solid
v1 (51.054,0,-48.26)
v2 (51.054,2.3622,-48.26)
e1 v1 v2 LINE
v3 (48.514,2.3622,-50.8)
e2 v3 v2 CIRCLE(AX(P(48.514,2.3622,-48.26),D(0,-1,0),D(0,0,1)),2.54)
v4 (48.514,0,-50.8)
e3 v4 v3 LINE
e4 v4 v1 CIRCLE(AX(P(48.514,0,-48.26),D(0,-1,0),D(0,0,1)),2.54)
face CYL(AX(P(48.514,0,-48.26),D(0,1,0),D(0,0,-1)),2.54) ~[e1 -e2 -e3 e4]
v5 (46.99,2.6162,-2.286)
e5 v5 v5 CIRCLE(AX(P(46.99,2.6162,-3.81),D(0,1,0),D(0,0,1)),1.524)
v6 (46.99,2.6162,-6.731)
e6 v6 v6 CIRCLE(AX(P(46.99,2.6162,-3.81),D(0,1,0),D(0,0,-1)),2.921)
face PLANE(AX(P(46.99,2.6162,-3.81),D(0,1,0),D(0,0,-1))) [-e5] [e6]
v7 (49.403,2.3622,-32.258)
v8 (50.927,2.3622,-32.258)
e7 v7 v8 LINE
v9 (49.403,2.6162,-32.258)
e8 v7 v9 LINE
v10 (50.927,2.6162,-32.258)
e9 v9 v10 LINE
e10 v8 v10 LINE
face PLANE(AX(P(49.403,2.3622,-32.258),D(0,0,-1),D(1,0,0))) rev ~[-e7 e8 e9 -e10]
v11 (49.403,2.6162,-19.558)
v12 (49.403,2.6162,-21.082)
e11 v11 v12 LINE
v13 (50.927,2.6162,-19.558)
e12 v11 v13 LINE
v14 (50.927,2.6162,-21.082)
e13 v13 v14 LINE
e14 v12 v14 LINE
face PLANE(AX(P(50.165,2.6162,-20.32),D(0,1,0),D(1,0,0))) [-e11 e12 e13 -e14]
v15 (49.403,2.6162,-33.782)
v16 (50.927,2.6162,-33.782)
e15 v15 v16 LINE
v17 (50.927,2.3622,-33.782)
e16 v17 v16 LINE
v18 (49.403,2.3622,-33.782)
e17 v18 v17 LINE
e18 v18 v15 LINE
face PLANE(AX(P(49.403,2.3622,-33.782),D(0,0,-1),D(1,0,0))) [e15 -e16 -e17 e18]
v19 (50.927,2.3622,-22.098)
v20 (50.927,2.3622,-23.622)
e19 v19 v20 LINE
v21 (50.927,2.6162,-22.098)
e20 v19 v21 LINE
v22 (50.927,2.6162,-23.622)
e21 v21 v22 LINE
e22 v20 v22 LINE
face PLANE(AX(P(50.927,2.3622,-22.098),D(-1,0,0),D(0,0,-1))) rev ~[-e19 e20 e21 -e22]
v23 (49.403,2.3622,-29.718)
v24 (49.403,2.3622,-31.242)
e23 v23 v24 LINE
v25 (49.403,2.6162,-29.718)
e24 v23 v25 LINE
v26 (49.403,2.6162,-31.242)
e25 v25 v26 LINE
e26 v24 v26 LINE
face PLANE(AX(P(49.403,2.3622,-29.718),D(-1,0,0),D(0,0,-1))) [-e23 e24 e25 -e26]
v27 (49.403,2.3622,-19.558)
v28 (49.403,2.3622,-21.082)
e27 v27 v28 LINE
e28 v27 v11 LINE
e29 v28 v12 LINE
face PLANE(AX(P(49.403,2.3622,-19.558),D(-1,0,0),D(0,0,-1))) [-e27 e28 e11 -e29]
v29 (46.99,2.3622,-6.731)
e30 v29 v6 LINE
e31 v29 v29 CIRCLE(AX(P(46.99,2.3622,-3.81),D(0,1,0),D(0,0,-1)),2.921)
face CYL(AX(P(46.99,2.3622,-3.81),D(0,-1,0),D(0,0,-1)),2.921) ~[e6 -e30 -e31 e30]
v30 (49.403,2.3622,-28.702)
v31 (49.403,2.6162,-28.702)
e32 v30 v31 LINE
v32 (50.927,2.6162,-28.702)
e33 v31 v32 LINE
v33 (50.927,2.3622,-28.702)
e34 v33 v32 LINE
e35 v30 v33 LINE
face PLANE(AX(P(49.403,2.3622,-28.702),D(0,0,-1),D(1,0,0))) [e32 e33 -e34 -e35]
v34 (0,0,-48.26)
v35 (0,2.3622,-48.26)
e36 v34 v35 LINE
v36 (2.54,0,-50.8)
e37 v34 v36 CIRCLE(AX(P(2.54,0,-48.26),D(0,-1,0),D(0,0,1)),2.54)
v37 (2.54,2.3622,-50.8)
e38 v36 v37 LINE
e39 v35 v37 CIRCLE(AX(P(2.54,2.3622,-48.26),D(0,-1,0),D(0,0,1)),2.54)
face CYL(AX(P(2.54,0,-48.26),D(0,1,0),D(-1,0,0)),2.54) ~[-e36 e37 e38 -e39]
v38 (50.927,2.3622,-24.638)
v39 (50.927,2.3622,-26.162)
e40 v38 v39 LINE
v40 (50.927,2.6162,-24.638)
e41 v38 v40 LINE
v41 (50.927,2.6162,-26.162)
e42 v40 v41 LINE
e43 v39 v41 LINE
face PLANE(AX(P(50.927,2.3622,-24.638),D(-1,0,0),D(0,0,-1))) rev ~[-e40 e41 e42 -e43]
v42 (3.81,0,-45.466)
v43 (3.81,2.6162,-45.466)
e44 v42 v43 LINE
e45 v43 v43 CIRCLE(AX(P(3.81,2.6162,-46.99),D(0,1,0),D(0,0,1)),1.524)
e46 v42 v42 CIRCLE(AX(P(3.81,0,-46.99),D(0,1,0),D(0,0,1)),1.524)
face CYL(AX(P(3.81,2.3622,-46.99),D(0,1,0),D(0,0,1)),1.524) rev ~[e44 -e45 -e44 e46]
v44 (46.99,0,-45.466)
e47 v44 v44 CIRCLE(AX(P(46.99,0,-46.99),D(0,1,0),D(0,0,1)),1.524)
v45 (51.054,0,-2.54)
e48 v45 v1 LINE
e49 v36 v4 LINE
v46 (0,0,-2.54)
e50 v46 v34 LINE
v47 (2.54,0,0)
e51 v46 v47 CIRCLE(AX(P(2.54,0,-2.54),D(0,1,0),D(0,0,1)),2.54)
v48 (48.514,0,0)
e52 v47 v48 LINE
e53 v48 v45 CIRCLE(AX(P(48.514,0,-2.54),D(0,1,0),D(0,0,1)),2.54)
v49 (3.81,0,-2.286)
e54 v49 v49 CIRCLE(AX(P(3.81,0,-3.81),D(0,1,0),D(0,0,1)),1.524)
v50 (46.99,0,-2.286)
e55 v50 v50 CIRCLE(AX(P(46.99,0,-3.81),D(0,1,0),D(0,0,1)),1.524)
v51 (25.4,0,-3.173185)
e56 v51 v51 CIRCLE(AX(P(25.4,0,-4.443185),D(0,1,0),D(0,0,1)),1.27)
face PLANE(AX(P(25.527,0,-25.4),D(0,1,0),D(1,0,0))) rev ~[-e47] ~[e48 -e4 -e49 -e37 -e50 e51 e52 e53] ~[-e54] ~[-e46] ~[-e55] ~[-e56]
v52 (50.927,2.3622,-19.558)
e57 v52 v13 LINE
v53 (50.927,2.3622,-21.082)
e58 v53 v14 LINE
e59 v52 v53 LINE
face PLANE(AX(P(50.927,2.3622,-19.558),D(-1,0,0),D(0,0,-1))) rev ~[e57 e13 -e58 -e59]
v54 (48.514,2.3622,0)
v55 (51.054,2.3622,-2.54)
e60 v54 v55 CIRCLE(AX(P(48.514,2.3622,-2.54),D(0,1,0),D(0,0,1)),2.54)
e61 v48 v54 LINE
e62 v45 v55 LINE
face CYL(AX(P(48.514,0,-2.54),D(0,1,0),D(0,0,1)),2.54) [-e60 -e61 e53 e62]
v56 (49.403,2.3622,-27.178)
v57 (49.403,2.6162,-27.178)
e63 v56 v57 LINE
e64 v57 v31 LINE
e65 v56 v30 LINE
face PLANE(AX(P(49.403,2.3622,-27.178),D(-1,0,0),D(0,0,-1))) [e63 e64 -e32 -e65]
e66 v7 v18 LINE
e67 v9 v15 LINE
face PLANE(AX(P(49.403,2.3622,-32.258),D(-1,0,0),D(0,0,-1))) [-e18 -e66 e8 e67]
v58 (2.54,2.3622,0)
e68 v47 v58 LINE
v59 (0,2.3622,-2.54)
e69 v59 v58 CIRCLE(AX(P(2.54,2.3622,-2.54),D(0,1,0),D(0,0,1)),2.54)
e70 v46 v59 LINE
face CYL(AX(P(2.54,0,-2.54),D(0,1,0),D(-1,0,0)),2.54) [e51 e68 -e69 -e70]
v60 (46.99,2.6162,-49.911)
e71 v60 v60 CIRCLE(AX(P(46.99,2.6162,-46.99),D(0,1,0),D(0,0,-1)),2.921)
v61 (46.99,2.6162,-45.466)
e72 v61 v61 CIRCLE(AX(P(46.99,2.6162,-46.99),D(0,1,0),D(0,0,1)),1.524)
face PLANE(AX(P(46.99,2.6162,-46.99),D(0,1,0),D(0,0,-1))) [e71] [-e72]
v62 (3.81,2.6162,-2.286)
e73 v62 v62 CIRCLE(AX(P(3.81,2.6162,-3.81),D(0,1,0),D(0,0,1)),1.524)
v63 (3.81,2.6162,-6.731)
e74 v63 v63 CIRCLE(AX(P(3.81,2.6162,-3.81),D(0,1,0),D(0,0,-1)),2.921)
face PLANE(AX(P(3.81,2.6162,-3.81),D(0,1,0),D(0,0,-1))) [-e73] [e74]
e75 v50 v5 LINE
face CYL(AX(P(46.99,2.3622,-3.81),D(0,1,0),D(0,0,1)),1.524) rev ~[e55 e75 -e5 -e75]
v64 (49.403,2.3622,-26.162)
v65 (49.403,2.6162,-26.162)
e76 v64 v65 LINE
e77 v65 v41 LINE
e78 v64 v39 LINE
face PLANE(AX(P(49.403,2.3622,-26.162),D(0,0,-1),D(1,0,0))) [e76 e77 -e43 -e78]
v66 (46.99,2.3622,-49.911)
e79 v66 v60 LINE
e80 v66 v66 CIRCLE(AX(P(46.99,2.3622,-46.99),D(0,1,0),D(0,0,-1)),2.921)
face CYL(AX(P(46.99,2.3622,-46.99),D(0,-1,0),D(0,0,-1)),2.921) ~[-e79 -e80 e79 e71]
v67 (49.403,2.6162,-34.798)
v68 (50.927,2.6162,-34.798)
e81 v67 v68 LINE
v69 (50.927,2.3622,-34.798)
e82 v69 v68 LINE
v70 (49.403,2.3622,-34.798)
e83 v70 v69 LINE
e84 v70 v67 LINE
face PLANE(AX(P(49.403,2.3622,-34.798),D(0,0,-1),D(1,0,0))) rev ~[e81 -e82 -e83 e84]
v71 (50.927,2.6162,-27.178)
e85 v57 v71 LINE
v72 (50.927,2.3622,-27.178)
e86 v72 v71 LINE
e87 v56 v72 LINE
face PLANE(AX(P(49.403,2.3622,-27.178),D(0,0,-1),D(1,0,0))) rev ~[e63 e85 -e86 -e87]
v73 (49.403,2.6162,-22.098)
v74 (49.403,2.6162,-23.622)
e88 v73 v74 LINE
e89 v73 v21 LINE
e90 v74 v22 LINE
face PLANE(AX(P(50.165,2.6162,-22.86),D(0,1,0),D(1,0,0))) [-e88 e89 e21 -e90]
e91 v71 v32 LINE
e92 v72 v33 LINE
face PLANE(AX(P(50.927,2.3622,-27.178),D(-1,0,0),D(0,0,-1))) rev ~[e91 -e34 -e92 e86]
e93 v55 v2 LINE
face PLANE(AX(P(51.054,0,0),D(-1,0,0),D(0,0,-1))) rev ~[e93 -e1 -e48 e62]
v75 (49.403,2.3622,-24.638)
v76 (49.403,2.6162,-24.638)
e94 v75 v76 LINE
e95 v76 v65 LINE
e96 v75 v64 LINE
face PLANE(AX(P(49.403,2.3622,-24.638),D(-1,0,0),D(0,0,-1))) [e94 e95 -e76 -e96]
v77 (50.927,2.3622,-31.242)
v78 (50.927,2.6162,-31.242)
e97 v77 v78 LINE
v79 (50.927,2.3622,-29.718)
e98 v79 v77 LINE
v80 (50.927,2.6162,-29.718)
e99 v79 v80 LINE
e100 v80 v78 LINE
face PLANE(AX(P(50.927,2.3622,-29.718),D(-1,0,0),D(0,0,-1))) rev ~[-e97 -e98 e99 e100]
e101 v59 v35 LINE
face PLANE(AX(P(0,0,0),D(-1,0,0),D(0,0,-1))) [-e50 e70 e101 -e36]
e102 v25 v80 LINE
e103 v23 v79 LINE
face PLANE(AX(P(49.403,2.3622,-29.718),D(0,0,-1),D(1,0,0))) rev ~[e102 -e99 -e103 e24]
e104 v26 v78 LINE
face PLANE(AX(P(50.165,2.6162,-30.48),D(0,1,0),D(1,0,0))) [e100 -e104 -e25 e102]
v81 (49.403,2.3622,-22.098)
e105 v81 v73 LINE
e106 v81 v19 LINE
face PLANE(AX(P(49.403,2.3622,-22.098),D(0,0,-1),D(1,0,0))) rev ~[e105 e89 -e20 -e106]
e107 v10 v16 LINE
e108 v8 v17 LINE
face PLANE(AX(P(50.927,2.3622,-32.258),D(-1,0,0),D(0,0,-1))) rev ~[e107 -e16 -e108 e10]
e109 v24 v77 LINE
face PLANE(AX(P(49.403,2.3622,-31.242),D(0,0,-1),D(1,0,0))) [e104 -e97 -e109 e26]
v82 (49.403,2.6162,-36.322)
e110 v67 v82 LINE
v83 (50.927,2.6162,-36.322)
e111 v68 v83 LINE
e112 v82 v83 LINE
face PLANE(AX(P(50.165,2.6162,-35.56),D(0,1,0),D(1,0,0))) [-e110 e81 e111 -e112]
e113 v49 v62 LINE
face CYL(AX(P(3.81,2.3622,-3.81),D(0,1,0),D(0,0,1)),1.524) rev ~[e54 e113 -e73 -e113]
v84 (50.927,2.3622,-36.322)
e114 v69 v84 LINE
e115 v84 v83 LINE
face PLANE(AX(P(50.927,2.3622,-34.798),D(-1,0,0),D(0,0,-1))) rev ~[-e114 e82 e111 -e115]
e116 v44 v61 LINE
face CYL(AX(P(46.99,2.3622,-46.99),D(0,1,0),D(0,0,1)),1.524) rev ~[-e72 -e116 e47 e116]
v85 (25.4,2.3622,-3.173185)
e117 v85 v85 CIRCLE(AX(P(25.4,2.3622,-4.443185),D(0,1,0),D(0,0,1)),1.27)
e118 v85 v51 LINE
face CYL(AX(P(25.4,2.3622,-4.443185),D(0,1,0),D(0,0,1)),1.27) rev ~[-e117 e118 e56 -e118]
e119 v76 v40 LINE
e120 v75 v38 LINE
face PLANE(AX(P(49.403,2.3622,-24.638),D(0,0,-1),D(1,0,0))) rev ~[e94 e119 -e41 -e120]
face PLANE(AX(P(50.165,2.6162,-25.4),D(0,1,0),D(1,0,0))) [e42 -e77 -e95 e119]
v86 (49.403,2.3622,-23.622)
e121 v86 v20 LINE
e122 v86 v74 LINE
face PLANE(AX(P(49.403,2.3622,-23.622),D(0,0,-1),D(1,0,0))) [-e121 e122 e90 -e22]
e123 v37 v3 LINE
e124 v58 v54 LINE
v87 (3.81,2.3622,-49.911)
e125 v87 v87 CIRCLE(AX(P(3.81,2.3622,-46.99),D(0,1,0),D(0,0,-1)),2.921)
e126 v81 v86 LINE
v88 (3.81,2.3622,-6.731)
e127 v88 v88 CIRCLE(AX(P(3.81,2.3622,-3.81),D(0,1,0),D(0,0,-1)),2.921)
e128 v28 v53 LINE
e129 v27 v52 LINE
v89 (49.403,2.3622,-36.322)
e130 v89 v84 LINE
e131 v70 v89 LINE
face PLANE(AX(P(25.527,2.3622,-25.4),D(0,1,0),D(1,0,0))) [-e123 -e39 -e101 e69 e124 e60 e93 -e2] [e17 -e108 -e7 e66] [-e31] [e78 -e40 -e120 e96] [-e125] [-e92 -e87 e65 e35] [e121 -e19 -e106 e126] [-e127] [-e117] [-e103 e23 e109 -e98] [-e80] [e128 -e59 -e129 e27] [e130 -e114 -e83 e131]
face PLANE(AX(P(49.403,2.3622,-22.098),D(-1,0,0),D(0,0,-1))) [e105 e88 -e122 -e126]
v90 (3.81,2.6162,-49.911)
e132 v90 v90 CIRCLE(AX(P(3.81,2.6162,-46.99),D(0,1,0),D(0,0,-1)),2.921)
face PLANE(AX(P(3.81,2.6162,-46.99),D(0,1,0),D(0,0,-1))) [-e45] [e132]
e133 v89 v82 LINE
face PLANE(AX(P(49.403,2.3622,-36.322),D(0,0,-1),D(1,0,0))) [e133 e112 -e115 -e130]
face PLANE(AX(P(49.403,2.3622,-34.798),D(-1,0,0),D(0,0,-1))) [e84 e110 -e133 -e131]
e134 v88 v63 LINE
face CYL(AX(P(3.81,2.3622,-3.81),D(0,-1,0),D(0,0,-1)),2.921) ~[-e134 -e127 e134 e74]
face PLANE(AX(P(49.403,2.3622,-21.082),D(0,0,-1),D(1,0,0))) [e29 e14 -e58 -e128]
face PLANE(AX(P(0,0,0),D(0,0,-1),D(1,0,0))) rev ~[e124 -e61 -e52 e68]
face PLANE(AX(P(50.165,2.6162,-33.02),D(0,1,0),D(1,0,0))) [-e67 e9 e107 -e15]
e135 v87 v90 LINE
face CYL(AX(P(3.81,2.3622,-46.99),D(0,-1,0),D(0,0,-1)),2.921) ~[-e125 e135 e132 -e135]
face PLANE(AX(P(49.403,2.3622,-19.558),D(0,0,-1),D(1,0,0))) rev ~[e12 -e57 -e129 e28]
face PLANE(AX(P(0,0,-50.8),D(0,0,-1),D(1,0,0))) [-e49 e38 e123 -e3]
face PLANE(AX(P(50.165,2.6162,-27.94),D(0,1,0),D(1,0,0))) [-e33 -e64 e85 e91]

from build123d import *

# Parameters (mm, degrees)
SKETCH1_W            = 51.054
SKETCH1_H            = 50.8
BOSS_EXTRUDE1_DEPTH  = 2.3622
SKETCH5_R            = 2.921
BOSS_EXTRUDE3_DEPTH  = 0.254
SKETCH2_R            = 1.524
CUT_EXTRUDE1_DEPTH   = 73.060605776
LPATTERN1_COUNT      = 2
LPATTERN1_PITCH      = 43.18
LPATTERN1_COUNT_DIR2 = 2
LPATTERN1_PITCH_DIR2 = 43.18
FILLET1_R            = 2.54
SKETCH3_R            = 1.27
CUT_EXTRUDE2_DEPTH   = 73.060605776
SKETCH6_W            = 1.524
SKETCH6_H            = 1.524
BOSS_EXTRUDE4_DEPTH  = 0.254
LPATTERN2_COUNT      = 7
LPATTERN2_PITCH      = 2.54


with BuildPart() as part:
    # Sketch1 → Boss-Extrude1 (new body)
    with BuildSketch(Plane(origin=(0, 0, 0), x_dir=(1, 0, 0), z_dir=(0, 1, 0))):
        with Locations((25.527, 25.4)):
            Rectangle(SKETCH1_W, SKETCH1_H)
    extrude(amount=BOSS_EXTRUDE1_DEPTH)

    # Sketch5 → Boss-Extrude3 (add)
    with BuildSketch(Plane(origin=(0, 2.3622, 0), x_dir=(1, 0, 0), z_dir=(0, 1, 0))):
        with Locations(Location((3.81, 3.81, 0), (0, 0, 90))):
            Circle(SKETCH5_R)
    boss_extrude3 = extrude(amount=BOSS_EXTRUDE3_DEPTH)

    # Sketch2 → Cut-Extrude1 (cut, symmetric)
    with BuildSketch(Plane(origin=(0, 2.3622, 0), x_dir=(1, 0, 0), z_dir=(0, 1, 0))):
        with Locations(Location((3.81, 3.81, 0), (0, 0, 270))):
            Circle(SKETCH2_R)
    cut_extrude1 = extrude(amount=CUT_EXTRUDE1_DEPTH, both=True, mode=Mode.SUBTRACT)

    # LPattern1: Boss-Extrude3, Cut-Extrude1 2 × 2
    with Locations(*[(j * LPATTERN1_PITCH_DIR2, 0, -i * LPATTERN1_PITCH) for i in range(LPATTERN1_COUNT) for j in range(LPATTERN1_COUNT_DIR2) if (i, j) != (0, 0)]):
        add(boss_extrude3)
        add(cut_extrude1, mode=Mode.SUBTRACT)

    # Fillet1
    fillet1_edges = [part.edges().sort_by_distance(p)[0] for p in [
        (0, 1.1811, -50.8),
        (51.054, 1.1811, -50.8),
        (51.054, 1.1811, 0),
        (0, 1.1811, 0),
    ]]
    fillet(fillet1_edges, radius=FILLET1_R)

    # Sketch3 → Cut-Extrude2 (cut, through all)
    with BuildSketch(Plane(origin=(0, 2.3622, 0), x_dir=(1, 0, 0), z_dir=(0, 1, 0))):
        with Locations(Location((25.4, 4.443185344, 0), (0, 0, 270))):
            Circle(SKETCH3_R)
    extrude(amount=-CUT_EXTRUDE2_DEPTH, mode=Mode.SUBTRACT)

    # Sketch6 → Boss-Extrude4 (add)
    with BuildSketch(Plane(origin=(0, 2.3622, 0), x_dir=(1, 0, 0), z_dir=(0, 1, 0))):
        with Locations((50.165, 35.56)):
            Rectangle(SKETCH6_W, SKETCH6_H)
    boss_extrude4 = extrude(amount=BOSS_EXTRUDE4_DEPTH)

    # LPattern2: Boss-Extrude4 ×7
    with Locations(*[(0, 0, i * LPATTERN2_PITCH) for i in range(1, LPATTERN2_COUNT)]):
        add(boss_extrude4)


solid = part.part
